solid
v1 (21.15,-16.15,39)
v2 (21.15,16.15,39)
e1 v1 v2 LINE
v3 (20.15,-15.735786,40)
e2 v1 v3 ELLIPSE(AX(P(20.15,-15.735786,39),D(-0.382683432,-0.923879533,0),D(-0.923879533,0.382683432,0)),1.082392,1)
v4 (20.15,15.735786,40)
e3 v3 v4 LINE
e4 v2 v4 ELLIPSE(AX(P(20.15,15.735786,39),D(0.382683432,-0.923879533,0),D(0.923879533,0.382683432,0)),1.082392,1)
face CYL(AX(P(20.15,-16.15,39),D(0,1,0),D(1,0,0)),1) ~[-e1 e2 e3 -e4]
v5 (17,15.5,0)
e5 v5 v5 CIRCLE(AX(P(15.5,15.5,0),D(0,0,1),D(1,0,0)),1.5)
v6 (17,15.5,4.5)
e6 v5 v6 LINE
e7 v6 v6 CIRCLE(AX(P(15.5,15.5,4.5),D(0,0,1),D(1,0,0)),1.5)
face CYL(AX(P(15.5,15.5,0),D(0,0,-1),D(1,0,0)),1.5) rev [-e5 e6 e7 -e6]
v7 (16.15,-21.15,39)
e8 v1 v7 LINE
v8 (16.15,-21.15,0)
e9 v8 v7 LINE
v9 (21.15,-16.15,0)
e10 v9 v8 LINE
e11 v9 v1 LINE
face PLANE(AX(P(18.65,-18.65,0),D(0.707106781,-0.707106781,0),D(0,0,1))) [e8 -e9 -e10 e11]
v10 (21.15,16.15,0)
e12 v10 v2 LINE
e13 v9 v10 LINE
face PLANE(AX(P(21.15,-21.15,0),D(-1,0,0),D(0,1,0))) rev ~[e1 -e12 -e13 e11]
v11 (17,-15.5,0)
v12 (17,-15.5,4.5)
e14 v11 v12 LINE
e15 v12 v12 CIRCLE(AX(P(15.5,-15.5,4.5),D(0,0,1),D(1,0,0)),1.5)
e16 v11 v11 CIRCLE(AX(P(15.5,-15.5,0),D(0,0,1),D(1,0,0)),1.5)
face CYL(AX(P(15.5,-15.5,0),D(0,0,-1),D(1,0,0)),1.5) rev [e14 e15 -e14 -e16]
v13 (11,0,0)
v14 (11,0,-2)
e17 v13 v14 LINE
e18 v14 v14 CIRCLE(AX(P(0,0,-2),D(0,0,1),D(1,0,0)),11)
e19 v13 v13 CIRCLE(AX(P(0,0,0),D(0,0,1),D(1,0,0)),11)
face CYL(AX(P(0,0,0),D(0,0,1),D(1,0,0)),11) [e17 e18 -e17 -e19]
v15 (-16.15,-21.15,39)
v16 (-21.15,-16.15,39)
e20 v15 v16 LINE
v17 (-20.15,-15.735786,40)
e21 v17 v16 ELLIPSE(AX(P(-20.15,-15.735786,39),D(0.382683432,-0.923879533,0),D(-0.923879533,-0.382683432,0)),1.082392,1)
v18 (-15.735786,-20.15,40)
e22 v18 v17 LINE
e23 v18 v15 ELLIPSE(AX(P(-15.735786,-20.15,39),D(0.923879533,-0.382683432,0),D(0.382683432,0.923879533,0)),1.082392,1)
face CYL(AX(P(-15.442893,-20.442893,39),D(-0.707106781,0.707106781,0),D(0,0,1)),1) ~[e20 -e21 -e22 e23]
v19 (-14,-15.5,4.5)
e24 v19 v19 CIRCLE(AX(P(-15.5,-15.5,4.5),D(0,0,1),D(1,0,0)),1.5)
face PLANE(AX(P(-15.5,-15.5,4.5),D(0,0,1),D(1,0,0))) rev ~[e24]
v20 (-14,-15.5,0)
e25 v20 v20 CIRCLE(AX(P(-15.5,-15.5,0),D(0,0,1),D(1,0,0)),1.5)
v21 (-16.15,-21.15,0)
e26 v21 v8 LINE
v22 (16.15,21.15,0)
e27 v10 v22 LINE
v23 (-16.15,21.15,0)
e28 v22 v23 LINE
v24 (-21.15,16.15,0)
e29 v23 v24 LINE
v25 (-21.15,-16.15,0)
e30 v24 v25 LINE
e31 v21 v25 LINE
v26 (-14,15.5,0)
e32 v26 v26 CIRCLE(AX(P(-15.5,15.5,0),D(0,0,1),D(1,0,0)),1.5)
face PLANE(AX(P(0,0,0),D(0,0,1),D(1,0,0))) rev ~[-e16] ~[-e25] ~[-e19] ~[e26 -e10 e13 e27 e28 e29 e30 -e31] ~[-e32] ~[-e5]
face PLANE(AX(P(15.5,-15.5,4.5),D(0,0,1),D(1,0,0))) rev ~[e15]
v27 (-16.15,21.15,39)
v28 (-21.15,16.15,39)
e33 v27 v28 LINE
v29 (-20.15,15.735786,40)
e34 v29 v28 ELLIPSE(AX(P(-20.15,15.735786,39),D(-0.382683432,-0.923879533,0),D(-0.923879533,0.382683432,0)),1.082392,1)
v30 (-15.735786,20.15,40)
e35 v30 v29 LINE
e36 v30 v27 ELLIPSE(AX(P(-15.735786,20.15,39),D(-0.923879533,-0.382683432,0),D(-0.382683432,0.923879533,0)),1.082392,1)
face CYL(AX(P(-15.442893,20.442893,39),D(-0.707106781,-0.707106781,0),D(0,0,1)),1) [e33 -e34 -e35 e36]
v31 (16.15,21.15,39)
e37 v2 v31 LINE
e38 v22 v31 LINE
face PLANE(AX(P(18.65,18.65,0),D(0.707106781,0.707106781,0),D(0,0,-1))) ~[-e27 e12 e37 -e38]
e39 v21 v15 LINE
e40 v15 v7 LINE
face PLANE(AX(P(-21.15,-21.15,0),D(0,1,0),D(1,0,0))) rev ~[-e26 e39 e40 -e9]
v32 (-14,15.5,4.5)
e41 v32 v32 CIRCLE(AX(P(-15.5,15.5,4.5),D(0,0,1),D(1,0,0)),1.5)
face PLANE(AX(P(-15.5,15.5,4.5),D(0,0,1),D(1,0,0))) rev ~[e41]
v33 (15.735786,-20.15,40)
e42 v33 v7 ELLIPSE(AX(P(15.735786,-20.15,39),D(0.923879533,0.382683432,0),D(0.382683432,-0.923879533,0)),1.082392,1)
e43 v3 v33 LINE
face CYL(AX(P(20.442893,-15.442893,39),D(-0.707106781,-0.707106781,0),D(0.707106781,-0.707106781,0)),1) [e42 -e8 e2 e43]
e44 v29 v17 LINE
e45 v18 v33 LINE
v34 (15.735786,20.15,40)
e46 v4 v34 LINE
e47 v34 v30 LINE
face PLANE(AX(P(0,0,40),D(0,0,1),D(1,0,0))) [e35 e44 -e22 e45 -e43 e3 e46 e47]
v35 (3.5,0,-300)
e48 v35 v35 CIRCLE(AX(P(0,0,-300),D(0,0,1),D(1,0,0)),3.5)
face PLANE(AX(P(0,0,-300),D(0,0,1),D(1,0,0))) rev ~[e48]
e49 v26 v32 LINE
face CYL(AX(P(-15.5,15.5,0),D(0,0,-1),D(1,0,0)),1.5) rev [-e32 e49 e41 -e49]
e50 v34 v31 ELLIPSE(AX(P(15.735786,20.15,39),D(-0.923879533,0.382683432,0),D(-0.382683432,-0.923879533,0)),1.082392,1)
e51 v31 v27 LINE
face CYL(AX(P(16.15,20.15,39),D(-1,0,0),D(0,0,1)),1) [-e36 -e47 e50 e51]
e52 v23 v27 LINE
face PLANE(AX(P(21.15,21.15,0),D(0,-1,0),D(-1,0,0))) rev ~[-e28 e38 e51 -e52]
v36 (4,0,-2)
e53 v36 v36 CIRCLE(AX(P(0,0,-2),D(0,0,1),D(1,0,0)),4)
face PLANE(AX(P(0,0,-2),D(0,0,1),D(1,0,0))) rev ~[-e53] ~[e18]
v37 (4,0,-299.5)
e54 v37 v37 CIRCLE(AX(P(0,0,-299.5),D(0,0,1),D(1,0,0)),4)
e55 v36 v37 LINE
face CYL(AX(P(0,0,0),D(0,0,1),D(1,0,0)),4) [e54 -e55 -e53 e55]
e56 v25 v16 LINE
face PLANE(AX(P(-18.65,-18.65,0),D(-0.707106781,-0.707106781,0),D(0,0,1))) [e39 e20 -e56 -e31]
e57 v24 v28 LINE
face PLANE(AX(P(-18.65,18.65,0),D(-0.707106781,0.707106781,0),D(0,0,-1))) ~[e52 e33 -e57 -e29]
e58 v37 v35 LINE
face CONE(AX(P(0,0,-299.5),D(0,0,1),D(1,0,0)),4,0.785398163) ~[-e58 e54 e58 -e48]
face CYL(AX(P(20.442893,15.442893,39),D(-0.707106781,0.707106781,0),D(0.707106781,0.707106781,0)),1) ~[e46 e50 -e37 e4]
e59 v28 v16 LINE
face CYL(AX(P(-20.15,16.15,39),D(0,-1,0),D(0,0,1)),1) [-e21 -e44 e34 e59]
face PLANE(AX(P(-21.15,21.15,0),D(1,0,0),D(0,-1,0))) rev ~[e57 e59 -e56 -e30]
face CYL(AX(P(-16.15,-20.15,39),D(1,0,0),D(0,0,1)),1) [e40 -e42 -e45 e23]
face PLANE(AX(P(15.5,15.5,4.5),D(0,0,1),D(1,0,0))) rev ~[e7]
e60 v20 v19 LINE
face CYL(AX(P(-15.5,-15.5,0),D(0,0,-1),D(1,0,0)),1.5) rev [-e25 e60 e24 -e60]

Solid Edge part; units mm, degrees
sketch "Sketch1" plane through (0, 0, 0) normal (0, 0, 1) x (1, 0, 0)
  line L0 (21.15, -21.15) -> (21.15, 21.15)
  line L1 (21.15, 21.15) -> (-21.15, 21.15)
  line L2 (-21.15, 21.15) -> (-21.15, -21.15)
  line L3 (-21.15, -21.15) -> (21.15, -21.15)
extrude "Protrusion1" add sketch "Sketch1" along normal blind 40
sketch "Sketch2" plane through (0, 0, 0) normal (0, 0, 1) x (1, 0, 0)
  circle A0 centre (0, 0) radius 11
extrude "ExtrudedProtrusion_2" add sketch "Sketch2" against normal blind 2
sketch "Sketch3" plane through (0, 0, 0) normal (0, 0, 1) x (1, 0, 0)
  circle A0 centre (0, 0) radius 4
extrude "ExtrudedProtrusion_3" add sketch "Sketch3" against normal blind 300
sketch "Sketch4" plane through (0, 0, 0) normal (0, 0, 1) x (1, 0, 0)
  circle A0 centre (15.5, 15.5) radius 1.5
  circle A1 centre (-15.5, 15.5) radius 1.5
  circle A2 centre (-15.5, -15.5) radius 1.5
  circle A3 centre (15.5, -15.5) radius 1.5
  dimension "D1" = 42.3
  dimension "D2" = 22
  dimension "D3" = 8
  dimension "D4" = 31
  dimension "D5" = 3
extrude "ExtrudedCutout_1" cut sketch "Sketch4" along normal blind 4.5
chamfer "Chamfer_1" distance 5 angle 45 4 edges at (21.15, 21.15, 20) (-21.15, 21.15, 20) (-21.15, -21.15, 20) (21.15, -21.15, 20)
fillet "Round_1" radius 1 8 edges at (0, 21.15, 40) (-18.65, 18.65, 40) (-21.15, 0, 40) (-18.65, -18.65, 40) (0, -21.15, 40) (18.65, -18.65, 40) (21.15, 0, 40) (18.65, 18.65, 40)
chamfer "Chamfer_2" distance 0.5 angle 45 1 edges at (-4, 0, -300)
